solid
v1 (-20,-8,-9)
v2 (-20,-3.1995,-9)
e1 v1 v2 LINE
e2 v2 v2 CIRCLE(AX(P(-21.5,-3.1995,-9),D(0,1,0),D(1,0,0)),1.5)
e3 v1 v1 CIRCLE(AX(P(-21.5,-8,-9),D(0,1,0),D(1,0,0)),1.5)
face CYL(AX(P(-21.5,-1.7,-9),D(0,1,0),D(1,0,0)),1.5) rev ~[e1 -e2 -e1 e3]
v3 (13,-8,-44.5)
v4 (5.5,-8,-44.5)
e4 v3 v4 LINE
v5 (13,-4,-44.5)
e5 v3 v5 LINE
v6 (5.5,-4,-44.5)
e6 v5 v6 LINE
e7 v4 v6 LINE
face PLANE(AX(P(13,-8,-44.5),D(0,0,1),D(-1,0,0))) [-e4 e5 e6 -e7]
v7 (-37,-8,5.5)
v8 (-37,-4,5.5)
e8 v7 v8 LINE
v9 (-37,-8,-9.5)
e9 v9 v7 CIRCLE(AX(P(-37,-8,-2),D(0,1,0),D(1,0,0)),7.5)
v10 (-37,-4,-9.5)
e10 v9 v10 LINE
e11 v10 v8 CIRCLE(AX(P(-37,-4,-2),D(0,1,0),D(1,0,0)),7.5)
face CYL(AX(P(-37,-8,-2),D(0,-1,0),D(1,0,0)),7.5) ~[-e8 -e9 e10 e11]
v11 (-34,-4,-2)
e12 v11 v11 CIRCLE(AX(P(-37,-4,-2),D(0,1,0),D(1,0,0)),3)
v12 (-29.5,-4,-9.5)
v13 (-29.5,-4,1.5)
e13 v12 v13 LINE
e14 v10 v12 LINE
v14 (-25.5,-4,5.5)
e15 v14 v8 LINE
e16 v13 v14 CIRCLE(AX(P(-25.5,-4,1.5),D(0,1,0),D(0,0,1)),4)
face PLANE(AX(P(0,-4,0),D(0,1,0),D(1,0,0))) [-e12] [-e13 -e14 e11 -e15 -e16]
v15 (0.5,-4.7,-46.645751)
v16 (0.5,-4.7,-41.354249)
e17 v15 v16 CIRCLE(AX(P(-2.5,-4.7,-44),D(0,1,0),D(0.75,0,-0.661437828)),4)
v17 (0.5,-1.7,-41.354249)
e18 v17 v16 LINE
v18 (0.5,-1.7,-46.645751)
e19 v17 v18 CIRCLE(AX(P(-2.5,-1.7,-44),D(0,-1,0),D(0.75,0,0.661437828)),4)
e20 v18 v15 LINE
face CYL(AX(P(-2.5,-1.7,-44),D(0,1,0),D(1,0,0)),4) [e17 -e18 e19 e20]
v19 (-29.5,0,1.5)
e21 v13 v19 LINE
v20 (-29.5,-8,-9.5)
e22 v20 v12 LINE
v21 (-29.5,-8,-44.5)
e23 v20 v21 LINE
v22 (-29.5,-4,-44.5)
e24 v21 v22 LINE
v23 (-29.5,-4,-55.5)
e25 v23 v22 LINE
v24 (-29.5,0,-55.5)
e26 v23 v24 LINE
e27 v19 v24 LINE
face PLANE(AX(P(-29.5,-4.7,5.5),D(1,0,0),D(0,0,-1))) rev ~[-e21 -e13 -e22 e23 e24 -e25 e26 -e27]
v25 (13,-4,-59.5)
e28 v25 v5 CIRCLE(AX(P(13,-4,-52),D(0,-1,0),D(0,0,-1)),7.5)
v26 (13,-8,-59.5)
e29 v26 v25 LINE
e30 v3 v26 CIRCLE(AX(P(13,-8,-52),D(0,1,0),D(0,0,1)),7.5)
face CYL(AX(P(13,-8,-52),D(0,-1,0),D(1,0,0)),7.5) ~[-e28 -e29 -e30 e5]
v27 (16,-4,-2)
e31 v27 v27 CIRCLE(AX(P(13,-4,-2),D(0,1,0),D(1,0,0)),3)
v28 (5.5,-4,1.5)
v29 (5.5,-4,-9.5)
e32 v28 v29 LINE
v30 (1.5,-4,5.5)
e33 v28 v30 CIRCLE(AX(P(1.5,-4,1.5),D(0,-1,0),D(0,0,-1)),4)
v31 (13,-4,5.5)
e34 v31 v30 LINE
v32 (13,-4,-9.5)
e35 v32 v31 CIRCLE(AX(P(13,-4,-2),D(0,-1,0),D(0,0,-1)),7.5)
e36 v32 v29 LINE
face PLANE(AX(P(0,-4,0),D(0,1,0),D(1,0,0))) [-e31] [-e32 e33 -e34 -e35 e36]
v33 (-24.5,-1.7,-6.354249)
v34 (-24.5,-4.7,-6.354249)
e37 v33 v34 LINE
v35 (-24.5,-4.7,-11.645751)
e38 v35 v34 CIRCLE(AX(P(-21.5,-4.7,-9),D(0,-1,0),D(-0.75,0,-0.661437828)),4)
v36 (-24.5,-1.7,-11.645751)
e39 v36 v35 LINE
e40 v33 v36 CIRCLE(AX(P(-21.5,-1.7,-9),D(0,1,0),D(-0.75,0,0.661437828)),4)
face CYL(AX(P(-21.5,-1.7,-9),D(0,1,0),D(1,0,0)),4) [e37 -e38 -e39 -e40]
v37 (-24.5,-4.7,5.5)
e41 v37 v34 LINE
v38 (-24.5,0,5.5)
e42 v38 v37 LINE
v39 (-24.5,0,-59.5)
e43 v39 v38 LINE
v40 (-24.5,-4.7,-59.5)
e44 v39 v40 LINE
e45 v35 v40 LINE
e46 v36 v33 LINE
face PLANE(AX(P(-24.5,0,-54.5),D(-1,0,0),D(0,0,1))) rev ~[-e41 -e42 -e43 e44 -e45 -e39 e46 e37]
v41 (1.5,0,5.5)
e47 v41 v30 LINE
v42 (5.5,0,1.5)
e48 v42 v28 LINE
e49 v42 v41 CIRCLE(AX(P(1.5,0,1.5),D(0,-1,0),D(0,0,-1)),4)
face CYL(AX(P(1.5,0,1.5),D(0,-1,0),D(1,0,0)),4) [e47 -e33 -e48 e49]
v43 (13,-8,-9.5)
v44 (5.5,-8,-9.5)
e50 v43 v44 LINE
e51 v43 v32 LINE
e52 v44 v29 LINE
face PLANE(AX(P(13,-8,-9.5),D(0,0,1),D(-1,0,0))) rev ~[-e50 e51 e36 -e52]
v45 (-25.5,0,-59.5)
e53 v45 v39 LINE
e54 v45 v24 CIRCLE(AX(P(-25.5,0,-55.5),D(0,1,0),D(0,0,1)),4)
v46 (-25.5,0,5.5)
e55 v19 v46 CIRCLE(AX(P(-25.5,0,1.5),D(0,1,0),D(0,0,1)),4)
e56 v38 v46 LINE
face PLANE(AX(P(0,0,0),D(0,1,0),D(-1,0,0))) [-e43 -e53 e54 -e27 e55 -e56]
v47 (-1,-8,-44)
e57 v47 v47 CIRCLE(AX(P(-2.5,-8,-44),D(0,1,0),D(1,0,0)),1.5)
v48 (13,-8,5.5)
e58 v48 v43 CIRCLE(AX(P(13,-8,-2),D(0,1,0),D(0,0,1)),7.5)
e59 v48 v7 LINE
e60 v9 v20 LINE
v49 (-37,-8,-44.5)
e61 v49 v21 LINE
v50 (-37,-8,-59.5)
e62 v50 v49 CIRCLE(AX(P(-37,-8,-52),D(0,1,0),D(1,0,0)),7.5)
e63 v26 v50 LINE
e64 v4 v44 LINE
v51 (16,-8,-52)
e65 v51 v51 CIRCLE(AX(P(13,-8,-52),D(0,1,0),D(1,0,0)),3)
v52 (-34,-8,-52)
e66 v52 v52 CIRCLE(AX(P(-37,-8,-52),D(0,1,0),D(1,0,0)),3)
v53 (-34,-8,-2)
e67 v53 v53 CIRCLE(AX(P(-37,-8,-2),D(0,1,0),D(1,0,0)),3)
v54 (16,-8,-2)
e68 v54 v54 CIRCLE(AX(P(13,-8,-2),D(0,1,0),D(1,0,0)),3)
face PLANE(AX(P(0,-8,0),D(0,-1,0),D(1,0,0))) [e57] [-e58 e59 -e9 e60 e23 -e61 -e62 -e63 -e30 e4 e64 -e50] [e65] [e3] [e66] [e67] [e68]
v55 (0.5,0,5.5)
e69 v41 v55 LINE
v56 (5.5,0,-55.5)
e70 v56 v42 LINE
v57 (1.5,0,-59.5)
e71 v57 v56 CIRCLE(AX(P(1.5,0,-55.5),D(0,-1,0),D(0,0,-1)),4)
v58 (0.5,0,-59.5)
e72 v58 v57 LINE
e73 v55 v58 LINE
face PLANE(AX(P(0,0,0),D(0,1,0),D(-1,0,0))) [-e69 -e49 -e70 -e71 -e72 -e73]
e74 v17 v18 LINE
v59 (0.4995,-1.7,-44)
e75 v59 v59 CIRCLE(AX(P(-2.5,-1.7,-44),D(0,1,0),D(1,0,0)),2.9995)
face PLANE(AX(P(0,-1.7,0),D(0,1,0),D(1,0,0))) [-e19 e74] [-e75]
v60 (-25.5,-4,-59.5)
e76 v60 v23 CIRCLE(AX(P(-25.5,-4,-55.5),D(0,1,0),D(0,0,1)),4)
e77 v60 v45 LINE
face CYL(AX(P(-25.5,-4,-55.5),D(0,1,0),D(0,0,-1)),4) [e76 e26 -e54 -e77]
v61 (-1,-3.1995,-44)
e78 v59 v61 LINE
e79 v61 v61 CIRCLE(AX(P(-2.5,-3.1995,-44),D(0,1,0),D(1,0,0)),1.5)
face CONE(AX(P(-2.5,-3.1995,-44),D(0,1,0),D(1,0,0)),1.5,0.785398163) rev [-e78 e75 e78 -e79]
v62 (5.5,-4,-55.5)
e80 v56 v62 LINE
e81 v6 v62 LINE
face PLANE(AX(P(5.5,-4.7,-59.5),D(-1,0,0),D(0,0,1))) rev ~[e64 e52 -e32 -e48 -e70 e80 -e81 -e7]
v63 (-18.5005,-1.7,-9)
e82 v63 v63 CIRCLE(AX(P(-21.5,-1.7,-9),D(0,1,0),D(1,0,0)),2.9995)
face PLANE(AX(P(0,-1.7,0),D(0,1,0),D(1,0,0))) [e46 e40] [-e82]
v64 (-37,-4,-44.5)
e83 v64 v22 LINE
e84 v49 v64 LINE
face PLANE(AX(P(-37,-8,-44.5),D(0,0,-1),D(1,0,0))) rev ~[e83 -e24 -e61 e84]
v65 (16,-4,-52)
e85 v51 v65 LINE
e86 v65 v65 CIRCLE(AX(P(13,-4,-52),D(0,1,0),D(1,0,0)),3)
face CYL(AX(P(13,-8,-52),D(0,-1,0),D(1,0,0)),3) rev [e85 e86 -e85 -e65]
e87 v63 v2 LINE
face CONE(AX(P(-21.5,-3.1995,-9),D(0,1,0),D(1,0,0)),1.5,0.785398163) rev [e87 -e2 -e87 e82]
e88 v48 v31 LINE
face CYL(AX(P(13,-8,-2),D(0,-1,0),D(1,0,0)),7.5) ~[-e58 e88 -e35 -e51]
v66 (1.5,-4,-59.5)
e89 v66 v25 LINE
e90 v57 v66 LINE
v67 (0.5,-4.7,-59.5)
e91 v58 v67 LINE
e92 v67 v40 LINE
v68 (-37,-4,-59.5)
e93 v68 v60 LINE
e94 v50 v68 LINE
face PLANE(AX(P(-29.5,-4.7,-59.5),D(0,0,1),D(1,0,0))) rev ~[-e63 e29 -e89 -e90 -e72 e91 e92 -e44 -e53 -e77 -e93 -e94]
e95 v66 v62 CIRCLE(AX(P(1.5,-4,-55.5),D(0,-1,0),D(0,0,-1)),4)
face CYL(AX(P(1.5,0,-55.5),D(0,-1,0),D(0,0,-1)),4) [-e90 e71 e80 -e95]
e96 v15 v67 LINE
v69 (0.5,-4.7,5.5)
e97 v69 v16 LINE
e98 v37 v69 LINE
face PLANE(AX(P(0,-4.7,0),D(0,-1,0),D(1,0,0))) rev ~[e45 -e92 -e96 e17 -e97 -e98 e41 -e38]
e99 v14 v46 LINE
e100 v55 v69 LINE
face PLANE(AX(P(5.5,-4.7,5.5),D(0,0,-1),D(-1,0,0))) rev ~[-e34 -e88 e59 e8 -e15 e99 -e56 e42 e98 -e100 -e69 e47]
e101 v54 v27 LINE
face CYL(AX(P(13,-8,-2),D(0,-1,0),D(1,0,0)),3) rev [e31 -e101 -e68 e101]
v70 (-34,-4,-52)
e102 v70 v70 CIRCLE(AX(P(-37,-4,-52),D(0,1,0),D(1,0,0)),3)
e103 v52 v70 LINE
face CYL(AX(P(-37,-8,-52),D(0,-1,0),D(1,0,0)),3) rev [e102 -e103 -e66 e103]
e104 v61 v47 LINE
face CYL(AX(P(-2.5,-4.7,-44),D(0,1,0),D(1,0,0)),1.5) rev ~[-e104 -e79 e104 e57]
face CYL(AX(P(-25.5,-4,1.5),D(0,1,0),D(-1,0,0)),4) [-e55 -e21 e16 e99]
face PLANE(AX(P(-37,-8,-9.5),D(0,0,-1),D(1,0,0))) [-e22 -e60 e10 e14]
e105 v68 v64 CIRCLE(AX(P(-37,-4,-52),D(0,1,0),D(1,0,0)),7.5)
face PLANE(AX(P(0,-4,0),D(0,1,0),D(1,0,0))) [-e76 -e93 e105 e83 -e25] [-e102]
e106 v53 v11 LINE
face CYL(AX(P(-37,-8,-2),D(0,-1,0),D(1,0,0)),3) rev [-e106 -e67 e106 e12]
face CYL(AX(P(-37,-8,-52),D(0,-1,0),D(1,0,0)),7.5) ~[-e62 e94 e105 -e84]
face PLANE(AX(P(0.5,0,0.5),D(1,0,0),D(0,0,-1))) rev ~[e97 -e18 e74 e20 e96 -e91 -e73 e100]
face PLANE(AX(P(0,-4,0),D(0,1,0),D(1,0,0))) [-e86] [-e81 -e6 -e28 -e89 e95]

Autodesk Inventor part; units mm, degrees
ref_plane "YZ Plane" through (0, 0, 0) normal (1, 0, 0) x (0, 1, 0)
sketch "Sketch1" plane through (0, 0, 0) normal (0, 1, 0) x (-1, 0, 0)
  line L0 (0, 0) -> (24, 0)
  line L1 (24, 0) -> (24, -54)
  line L2 (24, -54) -> (0, -54)
  line L3 (0, -54) -> (0, 0)
  circle A0 centre (21.5, -9) radius 1.5
  circle A1 centre (2.5, -44) radius 1.5
  line L4 (24.5, -54.5) -> (24.5, 0.5)
  line L5 (24.5, 0.5) -> (-0.5, 0.5)
  line L6 (-0.5, 0.5) -> (-0.5, -54.5)
  line L7 (-0.5, -54.5) -> (24.5, -54.5)
  line L8 (29.5, 5.5) -> (29.5, -59.5)
  line L9 (29.5, -59.5) -> (-5.5, -59.5)
  line L10 (-5.5, -59.5) -> (-5.5, 5.5)
  line L11 (-5.5, 5.5) -> (29.5, 5.5)
  dimension "d0" = 24
  dimension "d1" = 54
  dimension "d2" = 3
  dimension "d3" = 3
  dimension "d4" = 9
  dimension "d5" = 2.5
  dimension "d6" = 2.5
  dimension "d7" = 10
  dimension "d8" = 0.5
  dimension "d9" = 5
extrude "Extrusion1" add sketch "Sketch1" against normal blind 1.7 contours L8 L9 L10 L11
ref_plane "Work Plane1" through (0, -1.7, 0) normal (0, 1, 0) x (1, 0, 0)
sketch "Sketch2" plane through (0, -1.7, 0) normal (0, 1, 0) x (1, 0, 0)
  line L0 (0, 0) -> (-24, 0)
  line L1 (-24, 0) -> (-24, 54)
  line L2 (-24, 54) -> (0, 54)
  line L3 (0, 54) -> (0, 0)
  circle A0 centre (-21.5, 9) radius 1.5
  circle A1 centre (-2.5, 44) radius 1.5
  line L4 (-24.5, 54.5) -> (-24.5, -0.5)
  line L5 (-24.5, -0.5) -> (0.5, -0.5)
  line L6 (0.5, -0.5) -> (0.5, 54.5)
  line L7 (0.5, 54.5) -> (-24.5, 54.5)
  line L8 (-29.5, -5.5) -> (-29.5, 59.5)
  line L9 (-29.5, 59.5) -> (5.5, 59.5)
  line L10 (5.5, 59.5) -> (5.5, -5.5)
  line L11 (5.5, -5.5) -> (-29.5, -5.5)
  circle A2 centre (-21.5, 9) radius 4
  circle A3 centre (-2.5, 44) radius 4
  point P0 (-24.5, 6.3542)
  point P1 (-24.5, 11.6458)
  point P2 (0.5, 46.6458)
  point P3 (0.5, 41.3542)
  dimension "d13" = 24
  dimension "d14" = 54
  dimension "d15" = 3
  dimension "d16" = 3
  dimension "d17" = 9
  dimension "d18" = 2.5
  dimension "d19" = 2.5
  dimension "d20" = 10
  dimension "d21" = 0.5
  dimension "d22" = 5
  dimension "d23" = 8
  dimension "d24" = 8
extrude "Extrusion2" add sketch "Sketch2" against normal blind 3 contours A3 L3 | L3 A3 L6 | A2 L4 L1 | L1 A2 | L6 A3 | A2 L4 | L8 L9 L10 L11
sketch "Sketch3" plane through (0, -4.7, 0) normal (0, -1, 0) x (1, 0, 0)
  line L0 (5.5, -59.5) -> (5.5, 5.5) projected
  line L1 (5.5, 5.5) -> (-29.5, 5.5) projected
  line L2 (-29.5, 5.5) -> (-29.5, -59.5) projected
  line L3 (-29.5, -59.5) -> (5.5, -59.5) projected
  point P0 (0, 0)
extrude "Extrusion3" add sketch "Sketch3" along normal blind 3.3
ref_plane "Work Plane2" through (0, -8, 0) normal (0, 1, 0) x (1, 0, 0)
sketch "Sketch4" plane through (0, -8, 0) normal (0, 1, 0) x (1, 0, 0)
  line L0 (-37, 2) -> (13, 2) construction
  line L1 (13, 2) -> (13, 52) construction
  line L2 (13, 52) -> (-37, 52) construction
  line L3 (-37, 52) -> (-37, 2) construction
  line L4 (0.5, -0.5) -> (-24.5, -0.5) construction
  line L5 (-12, -0.5) -> (-12, 54.5) construction
  line L6 (-24.5, 54.5) -> (0.5, 54.5) construction
  line L7 (-29.5, 59.5) -> (-29.5, -5.5) projected
  line L8 (-29.5, 27) -> (5.5, 27) construction
  line L9 (5.5, -5.5) -> (5.5, 59.5) projected
  circle A0 centre (-37, 2) radius 3
  circle A1 centre (-37, 52) radius 3
  circle A2 centre (13, 52) radius 3
  circle A3 centre (13, 2) radius 3
  circle A4 centre (-37, 2) radius 7.5
  line L10 (-29.5, -5.5) -> (5.5, -5.5) projected
  circle A5 centre (-37, 52) radius 7.5
  circle A6 centre (13, 52) radius 7.5
  circle A7 centre (13, 2) radius 7.5
  line L11 (5.5, 59.5) -> (-29.5, 59.5) projected
  line L12 (5.5, -5.5) -> (13, -5.5)
  line L13 (5.5, 59.5) -> (13, 59.5)
  line L14 (13, 44.5) -> (5.5, 44.5)
  line L15 (13, 9.5) -> (5.5, 9.5)
  line L16 (-29.5, -5.5) -> (-37, -5.5)
  line L17 (-37, 9.5) -> (-29.5, 9.5)
  line L18 (-37, 44.5) -> (-29.5, 44.5)
  line L19 (-37, 59.5) -> (-29.5, 59.5)
  point P0 (0, 0)
  dimension "d30" = 50
  dimension "d31" = 50
  dimension "d32" = 25
  dimension "d33" = 25
  dimension "d34" = 6
  dimension "d35" = 6
  dimension "d36" = 6
  dimension "d37" = 6
extrude "Extrusion4" add sketch "Sketch4" along normal blind 4 contours L7 A5 L19 | A5 | L7 L18 A5 | L13 A6 L9 | A6 L14 L9 | A6 | L7 A4 L17 | A4 | L7 L16 A4 | L15 A7 L9 | A7 L12 L9 | A7
fillet "Fillet1" radius 4 6 edges at (5.5, -2.85, -59.5) (5.5, -0.85, -59.5) (-29.5, -2, -59.5) (-29.5, -2, 5.5) (5.5, -0.85, 5.5) (5.5, -2.85, 5.5)
chamfer "Chamfer1" distance 1.5 angle 45 2 edges at (-4, -1.7, -44) (-23, -1.7, -9)
sketch "Sketch5" plane through (-2.5, -4.7, -44) normal (0, 1, 0) x (1, 0, 0)
  circle A0 centre (-19, -35) radius 1.5 projected
  circle A1 centre (0, 0) radius 1.5 projected
  point P0 (2.5, -44)
extrude "Extrusion5" cut sketch "Sketch5" against normal through all
sketch "Sketch6" plane through (0, 0, 0) normal (0, 1, 0) x (1, 0, 0)
  line L0 (-24.5, 54.5) -> (0.5, 54.5) projected
  line L1 (0.5, 54.5) -> (0.5, 59.563)
  line L2 (1.5, 59.5) -> (-25.5, 59.5) projected
  line L3 (-24.5, 54.5) -> (-24.5, 59.5)
  line L4 (0.5, -0.5) -> (-24.5, -0.5) projected
  line L5 (0.5, -0.5) -> (0.5, -5.5)
  line L6 (-25.5, -5.5) -> (1.5, -5.5) projected
  line L7 (-24.5, -0.5) -> (-24.5, -5.5)
  point P0 (0, 0)
  point P1 (0.5, 59.5)
extrude "Extrusion6" cut sketch "Sketch6" against normal up to surface (4.7 mm away)
equation "\"d3\" = d2"
equation "\"d6\" = d5"
equation "\"d16\" = d15"
equation "\"d19\" = d18"
equation "\"d24\" = d23"
equation "\"d32\" = 0.5 * d30"
equation "\"d33\" = 0.5 * d31"
equation "\"d35\" = d34"
equation "\"d36\" = d34"
equation "\"d37\" = d34"
properties part number "DCDC Converter Mount"
